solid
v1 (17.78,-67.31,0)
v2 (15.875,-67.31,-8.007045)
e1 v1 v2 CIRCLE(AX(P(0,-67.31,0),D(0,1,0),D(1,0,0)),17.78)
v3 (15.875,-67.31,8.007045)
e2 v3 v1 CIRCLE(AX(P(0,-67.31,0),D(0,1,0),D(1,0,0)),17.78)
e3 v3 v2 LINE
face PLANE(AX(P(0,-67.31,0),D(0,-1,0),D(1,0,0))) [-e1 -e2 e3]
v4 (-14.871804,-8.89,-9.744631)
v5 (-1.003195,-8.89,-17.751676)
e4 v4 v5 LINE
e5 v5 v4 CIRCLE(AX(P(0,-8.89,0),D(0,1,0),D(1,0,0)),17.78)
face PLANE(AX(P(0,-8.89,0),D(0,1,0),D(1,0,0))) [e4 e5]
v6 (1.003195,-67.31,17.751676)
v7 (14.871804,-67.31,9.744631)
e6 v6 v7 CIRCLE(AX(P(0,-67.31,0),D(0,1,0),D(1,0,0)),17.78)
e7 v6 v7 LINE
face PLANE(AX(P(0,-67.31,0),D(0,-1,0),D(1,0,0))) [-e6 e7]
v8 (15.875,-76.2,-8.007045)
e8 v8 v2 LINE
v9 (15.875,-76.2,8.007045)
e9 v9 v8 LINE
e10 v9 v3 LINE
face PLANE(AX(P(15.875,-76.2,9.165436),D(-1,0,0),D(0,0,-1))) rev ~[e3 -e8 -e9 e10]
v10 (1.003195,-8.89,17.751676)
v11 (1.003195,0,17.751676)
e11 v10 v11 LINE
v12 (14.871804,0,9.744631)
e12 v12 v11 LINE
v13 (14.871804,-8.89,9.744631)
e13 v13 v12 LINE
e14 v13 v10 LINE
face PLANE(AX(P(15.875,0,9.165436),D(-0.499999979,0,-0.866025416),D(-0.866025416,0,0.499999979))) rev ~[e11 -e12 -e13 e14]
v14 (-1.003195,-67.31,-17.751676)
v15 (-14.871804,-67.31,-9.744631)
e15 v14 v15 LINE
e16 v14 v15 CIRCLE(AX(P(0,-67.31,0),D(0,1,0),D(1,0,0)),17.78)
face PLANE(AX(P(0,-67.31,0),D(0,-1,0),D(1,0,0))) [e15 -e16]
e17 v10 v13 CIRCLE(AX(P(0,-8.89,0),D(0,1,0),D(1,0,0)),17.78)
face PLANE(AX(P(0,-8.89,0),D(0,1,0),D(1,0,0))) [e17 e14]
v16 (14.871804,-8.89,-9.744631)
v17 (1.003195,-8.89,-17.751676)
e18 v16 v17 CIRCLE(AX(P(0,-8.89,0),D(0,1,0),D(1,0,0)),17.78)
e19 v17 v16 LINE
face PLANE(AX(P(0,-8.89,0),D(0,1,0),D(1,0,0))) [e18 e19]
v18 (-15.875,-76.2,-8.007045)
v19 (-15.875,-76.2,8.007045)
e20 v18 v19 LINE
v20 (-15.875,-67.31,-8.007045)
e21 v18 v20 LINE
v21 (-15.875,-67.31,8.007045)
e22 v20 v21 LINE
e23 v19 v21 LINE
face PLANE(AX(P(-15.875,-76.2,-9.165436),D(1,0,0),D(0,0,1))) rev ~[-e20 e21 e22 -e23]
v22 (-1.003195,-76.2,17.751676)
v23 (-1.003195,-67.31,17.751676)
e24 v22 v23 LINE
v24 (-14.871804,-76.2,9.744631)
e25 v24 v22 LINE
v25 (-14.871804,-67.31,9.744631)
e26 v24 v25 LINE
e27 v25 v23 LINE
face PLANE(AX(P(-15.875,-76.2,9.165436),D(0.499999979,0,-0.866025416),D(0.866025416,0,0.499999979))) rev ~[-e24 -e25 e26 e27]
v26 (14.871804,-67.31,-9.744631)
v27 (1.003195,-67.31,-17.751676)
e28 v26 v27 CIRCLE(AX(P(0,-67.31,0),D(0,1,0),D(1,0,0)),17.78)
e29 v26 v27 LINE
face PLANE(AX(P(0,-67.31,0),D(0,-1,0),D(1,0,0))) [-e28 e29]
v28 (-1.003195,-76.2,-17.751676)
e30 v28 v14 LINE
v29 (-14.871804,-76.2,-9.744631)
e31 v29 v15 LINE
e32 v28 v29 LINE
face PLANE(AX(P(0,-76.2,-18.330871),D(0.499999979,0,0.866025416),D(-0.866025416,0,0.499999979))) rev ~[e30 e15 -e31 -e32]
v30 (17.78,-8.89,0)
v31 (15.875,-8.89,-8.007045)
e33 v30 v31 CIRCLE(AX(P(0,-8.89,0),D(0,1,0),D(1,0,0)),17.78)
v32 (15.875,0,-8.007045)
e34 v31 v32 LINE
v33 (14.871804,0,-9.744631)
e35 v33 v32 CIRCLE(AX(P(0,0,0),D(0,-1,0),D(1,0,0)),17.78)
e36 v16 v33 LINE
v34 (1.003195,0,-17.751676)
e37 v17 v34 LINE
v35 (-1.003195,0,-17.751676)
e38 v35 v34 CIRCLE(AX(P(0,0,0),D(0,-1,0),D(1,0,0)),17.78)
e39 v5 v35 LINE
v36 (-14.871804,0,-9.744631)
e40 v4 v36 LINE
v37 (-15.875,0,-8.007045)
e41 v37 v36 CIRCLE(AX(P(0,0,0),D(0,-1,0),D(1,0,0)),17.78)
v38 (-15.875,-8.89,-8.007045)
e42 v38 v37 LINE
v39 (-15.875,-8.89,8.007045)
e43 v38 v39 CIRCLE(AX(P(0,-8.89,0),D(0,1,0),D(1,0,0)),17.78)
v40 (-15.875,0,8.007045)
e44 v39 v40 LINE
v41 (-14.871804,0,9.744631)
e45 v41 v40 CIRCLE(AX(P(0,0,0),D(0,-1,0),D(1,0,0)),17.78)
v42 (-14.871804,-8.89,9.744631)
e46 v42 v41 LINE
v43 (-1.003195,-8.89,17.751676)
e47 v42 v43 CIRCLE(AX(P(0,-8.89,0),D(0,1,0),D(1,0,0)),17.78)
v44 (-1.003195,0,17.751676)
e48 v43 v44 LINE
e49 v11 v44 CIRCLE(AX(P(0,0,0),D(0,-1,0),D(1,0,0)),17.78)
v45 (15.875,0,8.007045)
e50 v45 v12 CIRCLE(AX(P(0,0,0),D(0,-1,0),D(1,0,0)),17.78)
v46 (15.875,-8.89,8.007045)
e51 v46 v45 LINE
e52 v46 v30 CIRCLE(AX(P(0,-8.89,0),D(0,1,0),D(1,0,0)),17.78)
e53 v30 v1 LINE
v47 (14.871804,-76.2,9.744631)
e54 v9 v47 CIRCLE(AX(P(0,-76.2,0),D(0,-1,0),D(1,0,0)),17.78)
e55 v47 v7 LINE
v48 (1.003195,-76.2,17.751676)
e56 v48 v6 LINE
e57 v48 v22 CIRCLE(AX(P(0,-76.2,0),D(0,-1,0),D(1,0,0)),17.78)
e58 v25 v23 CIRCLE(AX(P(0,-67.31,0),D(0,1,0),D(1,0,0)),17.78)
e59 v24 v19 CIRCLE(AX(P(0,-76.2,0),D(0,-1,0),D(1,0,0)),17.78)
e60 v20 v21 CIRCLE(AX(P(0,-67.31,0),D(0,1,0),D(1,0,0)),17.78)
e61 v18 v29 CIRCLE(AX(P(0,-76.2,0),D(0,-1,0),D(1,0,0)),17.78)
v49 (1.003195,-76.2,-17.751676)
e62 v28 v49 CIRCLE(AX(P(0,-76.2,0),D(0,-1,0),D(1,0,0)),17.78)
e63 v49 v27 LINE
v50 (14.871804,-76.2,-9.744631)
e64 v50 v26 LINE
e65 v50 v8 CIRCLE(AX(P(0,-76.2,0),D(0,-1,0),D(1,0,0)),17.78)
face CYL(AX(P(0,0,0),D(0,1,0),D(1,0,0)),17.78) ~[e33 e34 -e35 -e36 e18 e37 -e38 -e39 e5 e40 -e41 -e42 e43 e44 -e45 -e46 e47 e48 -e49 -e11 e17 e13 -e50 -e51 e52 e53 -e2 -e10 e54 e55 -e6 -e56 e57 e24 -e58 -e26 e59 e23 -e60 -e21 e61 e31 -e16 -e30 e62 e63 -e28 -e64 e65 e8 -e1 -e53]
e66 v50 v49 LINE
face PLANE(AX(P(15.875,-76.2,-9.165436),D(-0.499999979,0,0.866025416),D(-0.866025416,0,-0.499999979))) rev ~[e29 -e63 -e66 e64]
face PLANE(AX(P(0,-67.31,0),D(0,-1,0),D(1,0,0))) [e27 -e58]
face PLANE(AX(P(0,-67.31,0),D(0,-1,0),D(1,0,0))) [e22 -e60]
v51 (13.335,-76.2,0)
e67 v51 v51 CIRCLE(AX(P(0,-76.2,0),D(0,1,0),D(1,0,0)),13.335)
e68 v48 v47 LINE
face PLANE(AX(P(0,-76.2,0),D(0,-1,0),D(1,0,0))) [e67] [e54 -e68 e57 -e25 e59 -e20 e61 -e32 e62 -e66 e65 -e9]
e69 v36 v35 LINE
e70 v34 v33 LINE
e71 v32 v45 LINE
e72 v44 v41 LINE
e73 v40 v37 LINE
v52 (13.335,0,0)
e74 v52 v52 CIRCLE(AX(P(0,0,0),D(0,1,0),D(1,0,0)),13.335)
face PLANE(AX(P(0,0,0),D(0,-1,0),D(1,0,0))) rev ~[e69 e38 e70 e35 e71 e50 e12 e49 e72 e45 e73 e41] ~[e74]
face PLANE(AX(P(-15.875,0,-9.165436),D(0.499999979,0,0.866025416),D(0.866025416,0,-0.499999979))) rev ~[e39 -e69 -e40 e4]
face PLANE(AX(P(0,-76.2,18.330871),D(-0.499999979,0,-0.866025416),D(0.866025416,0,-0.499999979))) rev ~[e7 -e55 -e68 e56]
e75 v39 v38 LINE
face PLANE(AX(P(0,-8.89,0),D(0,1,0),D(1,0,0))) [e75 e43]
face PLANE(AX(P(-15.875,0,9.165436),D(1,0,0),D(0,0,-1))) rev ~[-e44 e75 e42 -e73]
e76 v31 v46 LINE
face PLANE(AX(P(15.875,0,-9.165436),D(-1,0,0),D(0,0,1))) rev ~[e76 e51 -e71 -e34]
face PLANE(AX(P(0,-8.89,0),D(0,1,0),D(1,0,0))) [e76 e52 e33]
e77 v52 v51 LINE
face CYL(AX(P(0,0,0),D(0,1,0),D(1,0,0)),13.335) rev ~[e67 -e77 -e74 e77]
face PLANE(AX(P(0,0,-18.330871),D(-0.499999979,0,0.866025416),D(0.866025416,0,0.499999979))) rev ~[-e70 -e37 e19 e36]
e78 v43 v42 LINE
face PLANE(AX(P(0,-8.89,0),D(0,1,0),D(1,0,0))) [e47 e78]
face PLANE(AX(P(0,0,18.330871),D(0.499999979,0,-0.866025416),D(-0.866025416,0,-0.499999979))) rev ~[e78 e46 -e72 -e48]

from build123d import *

# Parameters (mm, degrees)
CYLINDER_R          = 17.78
CYLINDER_DEPTH      = 76.2
CYLINDER_ROLL_ANGLE = 90
SKETCH_R            = 13.335
POCKET_DEPTH        = 76.2
SKETCH001_R         = 19.05
POCKET001_DEPTH     = 8.89
SKETCH002_R         = 19.05
POCKET002_DEPTH     = 8.89


with BuildPart() as part:
    # Cylinder → Cylinder (new body)
    with BuildSketch(Plane.XY):
        Circle(CYLINDER_R)
    extrude(amount=CYLINDER_DEPTH)


with BuildPart() as part_1:
    # Cylinder roll: moved
    add(part.part.rotate(Axis((0, 0, 0), (1, 0, 0)), CYLINDER_ROLL_ANGLE))


with BuildPart() as part_2:
    # Cylinder placement: moved
    add(part_1.part)

    # Sketch → Pocket (cut)
    with BuildSketch(Plane(origin=(0, 0, 0), x_dir=(1, 0, 0), z_dir=(0, 1, 0))):
        Circle(SKETCH_R)
    extrude(amount=-POCKET_DEPTH, mode=Mode.SUBTRACT)

    # Sketch001 → Pocket001 (cut)
    with BuildSketch(Plane(origin=(0, 0, 0), x_dir=(1, 0, 0), z_dir=(0, 1, 0))):
        Circle(SKETCH001_R)
        Polygon((-15.875, -9.165436), (-15.875, 9.165436), (0, 18.330871), (15.875, 9.165436), (15.875, -9.165436), (0, -18.330871), align=None, mode=Mode.SUBTRACT)
    extrude(amount=-POCKET001_DEPTH, mode=Mode.SUBTRACT)

    # Sketch002 → Pocket002 (cut)
    with BuildSketch(Plane.XZ.offset(76.2)):
        Circle(SKETCH002_R)
        Polygon((-15.875, -9.165436), (-15.875, 9.165436), (0, 18.330871), (15.875, 9.165436), (15.875, -9.165436), (0, -18.330871), align=None, mode=Mode.SUBTRACT)
    extrude(amount=-POCKET002_DEPTH, mode=Mode.SUBTRACT)


solid = part_2.part
